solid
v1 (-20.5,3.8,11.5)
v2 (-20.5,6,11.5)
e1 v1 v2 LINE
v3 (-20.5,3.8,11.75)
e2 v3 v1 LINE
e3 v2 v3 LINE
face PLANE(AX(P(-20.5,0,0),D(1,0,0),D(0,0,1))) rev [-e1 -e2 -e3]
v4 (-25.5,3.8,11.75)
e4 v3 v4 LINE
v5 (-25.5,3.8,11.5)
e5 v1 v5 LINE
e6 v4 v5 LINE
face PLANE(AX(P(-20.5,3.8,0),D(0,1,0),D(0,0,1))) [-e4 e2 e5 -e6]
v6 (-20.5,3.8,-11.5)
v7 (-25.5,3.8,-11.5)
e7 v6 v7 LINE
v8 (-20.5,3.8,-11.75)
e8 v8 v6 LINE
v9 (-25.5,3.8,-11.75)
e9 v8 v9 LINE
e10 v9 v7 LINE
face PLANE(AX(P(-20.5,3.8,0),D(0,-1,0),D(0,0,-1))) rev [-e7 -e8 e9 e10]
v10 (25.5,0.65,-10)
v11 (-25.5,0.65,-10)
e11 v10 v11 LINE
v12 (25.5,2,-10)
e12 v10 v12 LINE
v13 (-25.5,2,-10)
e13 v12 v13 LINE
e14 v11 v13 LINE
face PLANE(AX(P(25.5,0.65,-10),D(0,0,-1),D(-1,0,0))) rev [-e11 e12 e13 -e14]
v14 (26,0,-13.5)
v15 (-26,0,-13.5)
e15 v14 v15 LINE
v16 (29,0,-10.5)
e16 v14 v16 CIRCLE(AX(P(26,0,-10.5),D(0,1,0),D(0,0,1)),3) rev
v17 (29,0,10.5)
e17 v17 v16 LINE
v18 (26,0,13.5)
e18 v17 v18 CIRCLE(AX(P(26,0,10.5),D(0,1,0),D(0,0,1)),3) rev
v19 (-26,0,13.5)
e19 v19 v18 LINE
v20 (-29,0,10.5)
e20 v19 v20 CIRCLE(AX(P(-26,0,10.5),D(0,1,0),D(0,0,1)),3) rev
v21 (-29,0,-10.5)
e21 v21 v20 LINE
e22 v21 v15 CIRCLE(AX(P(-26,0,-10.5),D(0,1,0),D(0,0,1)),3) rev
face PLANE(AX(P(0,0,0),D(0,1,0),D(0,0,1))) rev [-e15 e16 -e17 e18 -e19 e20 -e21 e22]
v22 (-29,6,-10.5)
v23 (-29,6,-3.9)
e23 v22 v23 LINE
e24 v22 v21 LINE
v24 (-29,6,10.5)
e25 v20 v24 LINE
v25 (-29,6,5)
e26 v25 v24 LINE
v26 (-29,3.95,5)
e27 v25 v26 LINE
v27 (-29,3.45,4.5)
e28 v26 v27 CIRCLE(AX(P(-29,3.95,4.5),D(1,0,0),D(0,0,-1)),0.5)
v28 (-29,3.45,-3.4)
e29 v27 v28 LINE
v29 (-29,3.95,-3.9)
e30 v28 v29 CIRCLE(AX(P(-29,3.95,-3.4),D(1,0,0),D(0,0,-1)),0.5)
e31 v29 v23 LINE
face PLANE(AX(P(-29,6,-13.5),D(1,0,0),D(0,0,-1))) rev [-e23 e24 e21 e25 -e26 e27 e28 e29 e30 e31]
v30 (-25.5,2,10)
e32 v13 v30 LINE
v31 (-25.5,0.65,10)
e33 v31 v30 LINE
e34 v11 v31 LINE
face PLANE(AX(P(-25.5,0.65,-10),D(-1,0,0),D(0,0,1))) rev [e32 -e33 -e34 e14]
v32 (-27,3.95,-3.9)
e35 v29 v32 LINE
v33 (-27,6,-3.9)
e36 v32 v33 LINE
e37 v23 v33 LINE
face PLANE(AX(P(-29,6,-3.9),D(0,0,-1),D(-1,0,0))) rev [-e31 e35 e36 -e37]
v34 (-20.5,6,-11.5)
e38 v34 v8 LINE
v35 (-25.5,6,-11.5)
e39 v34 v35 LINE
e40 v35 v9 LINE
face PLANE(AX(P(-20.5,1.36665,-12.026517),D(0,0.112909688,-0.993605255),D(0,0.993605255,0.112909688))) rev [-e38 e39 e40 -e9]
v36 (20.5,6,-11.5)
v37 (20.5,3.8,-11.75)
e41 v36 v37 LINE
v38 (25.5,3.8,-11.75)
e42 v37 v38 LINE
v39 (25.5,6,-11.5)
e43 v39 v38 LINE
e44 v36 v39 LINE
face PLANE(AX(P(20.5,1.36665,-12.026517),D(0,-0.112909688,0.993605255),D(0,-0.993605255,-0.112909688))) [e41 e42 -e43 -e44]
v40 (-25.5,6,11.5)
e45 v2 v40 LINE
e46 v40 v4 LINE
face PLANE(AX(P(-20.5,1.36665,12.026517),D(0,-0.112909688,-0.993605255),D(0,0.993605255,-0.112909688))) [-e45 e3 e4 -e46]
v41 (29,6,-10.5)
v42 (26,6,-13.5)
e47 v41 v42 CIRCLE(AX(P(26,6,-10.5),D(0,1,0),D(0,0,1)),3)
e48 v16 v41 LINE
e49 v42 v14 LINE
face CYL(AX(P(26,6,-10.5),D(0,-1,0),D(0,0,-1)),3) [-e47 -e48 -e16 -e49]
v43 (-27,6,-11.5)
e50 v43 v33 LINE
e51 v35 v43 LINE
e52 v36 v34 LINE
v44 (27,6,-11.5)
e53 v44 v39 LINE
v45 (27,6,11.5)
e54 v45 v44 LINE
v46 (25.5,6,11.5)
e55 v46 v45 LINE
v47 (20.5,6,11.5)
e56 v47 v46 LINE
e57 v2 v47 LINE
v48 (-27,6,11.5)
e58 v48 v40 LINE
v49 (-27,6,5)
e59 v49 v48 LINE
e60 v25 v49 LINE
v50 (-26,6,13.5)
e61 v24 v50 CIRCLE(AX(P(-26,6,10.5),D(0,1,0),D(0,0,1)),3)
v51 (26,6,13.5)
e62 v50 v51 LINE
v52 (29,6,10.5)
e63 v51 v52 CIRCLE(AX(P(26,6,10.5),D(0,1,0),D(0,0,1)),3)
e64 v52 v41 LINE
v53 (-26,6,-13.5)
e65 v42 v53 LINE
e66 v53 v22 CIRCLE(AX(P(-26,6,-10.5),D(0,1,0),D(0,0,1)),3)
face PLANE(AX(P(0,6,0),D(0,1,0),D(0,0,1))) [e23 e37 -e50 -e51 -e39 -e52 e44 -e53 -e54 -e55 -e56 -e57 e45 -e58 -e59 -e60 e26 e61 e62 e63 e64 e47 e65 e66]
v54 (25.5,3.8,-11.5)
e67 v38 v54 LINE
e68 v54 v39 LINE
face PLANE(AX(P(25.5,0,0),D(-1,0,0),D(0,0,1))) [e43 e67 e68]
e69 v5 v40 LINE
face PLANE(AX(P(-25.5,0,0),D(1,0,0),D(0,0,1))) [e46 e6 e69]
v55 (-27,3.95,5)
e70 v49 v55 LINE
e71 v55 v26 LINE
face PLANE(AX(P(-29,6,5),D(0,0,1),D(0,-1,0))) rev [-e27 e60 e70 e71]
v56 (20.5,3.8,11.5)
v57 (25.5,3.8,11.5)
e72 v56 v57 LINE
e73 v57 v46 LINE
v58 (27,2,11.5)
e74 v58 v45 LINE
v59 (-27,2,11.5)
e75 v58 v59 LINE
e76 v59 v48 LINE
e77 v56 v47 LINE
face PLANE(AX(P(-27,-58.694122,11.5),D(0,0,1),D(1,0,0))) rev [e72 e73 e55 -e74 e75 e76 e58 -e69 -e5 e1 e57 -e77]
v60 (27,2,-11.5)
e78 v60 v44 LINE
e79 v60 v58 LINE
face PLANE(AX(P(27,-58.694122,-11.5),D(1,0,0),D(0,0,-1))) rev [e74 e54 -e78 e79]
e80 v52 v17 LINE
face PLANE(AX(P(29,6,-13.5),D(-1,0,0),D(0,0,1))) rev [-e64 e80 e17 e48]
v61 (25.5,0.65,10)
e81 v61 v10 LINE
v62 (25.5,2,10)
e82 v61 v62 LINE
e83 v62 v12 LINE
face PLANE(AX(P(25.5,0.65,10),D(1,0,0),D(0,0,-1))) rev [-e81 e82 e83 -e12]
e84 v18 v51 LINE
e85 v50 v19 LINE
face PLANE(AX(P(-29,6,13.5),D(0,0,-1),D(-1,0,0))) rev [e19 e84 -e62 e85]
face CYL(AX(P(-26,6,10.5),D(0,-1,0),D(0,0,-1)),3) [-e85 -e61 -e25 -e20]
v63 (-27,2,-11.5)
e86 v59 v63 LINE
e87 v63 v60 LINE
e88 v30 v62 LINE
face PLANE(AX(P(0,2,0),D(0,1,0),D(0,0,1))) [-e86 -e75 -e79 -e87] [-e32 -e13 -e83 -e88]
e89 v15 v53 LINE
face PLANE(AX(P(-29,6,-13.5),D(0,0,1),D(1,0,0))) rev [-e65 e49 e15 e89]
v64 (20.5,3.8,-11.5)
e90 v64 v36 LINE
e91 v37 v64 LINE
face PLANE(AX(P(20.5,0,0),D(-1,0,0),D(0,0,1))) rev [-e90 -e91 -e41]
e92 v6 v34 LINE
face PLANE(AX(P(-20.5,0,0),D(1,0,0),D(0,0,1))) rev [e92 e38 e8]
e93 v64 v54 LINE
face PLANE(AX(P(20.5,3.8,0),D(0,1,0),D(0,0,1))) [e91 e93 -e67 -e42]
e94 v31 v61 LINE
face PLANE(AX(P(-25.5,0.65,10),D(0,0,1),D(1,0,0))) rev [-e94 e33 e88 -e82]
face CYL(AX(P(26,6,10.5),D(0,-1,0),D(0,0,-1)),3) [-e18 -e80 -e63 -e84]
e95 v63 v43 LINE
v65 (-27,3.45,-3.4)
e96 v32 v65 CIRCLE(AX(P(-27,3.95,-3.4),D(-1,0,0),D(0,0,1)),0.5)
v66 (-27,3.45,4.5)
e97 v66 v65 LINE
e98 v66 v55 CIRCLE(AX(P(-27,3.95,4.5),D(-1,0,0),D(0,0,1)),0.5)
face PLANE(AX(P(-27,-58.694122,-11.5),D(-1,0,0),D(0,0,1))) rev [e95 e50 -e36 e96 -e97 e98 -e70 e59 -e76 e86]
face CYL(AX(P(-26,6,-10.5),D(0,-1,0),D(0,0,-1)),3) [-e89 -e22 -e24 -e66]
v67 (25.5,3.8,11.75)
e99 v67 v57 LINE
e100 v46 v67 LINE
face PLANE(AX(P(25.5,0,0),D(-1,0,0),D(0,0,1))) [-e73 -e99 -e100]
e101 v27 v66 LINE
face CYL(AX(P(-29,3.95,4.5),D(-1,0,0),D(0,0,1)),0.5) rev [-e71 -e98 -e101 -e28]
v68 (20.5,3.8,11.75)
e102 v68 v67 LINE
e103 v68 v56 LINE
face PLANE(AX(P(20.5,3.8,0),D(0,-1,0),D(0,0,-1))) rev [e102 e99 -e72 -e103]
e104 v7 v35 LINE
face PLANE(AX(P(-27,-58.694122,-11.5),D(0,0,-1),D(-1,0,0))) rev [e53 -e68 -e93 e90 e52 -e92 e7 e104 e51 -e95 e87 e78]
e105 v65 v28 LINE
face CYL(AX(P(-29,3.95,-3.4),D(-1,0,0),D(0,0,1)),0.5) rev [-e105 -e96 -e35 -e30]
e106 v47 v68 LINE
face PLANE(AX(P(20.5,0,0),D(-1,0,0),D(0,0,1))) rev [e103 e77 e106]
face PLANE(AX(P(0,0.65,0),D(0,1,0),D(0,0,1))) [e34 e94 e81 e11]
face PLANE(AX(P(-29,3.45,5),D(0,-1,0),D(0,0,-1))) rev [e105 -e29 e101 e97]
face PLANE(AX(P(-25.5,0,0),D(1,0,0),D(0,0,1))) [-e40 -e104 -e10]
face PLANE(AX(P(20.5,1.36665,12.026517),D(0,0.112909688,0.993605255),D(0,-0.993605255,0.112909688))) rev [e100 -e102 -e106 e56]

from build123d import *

# Parameters (mm, degrees)
SKETCH1_W           = 58
SKETCH1_H           = 27
BOSS_EXTRUDE1_DEPTH = 6
SKETCH2_W           = 54
SKETCH2_H           = 23
CUT_EXTRUDE1_DEPTH  = 4
SKETCH3_W           = 8.9
SKETCH3_H           = 2.55
CUT_EXTRUDE2_DEPTH  = 58.915887285
FILLET1_R           = 0.5
FILLET2_R           = 3
SKETCH4_W           = 51
SKETCH4_H           = 20
CUT_EXTRUDE3_DEPTH  = 1.35
CUT_EXTRUDE5_DEPTH  = 5


with BuildPart() as part:
    # Sketch1 → Boss-Extrude1 (new body)
    with BuildSketch(Plane(origin=(0, 0, 0), x_dir=(1, 0, 0), z_dir=(0, 1, 0))):
        Rectangle(SKETCH1_W, SKETCH1_H)
    extrude(amount=BOSS_EXTRUDE1_DEPTH)

    # Sketch2 → Cut-Extrude1 (cut)
    with BuildSketch(Plane(origin=(0, 6, 0), x_dir=(1, 0, 0), z_dir=(0, 1, 0))):
        Rectangle(SKETCH2_W, SKETCH2_H)
    extrude(amount=-CUT_EXTRUDE1_DEPTH, mode=Mode.SUBTRACT)

    # Sketch3 → Cut-Extrude2 (cut, through all)
    with BuildSketch(Plane(origin=(-27, 0, 0), x_dir=(0, 0, -1), z_dir=(1, 0, 0))):
        with Locations((-0.55, 4.725)):
            Rectangle(SKETCH3_W, SKETCH3_H)
    extrude(amount=-CUT_EXTRUDE2_DEPTH, mode=Mode.SUBTRACT)

    # Fillet1
    fillet1_edges = [part.edges().sort_by_distance(p)[0] for p in [
        (-28, 3.45, 5),
        (-28, 3.45, -3.9),
    ]]
    fillet(fillet1_edges, radius=FILLET1_R)

    # Fillet2
    fillet2_edges = [part.edges().sort_by_distance(p)[0] for p in [
        (-29, 3, -13.5),
        (29, 3, -13.5),
        (29, 3, 13.5),
        (-29, 3, 13.5),
    ]]
    fillet(fillet2_edges, radius=FILLET2_R)

    # Sketch4 → Cut-Extrude3 (cut)
    with BuildSketch(Plane(origin=(0, 2, 0), x_dir=(1, 0, 0), z_dir=(0, 1, 0))):
        Rectangle(SKETCH4_W, SKETCH4_H)
    extrude(amount=-CUT_EXTRUDE3_DEPTH, mode=Mode.SUBTRACT)

    # Sketch6 → Cut-Extrude5 (cut)
    with BuildSketch(Plane.ZY.offset(-25.5)):
        Polygon((-11.75, 3.8), (-11.5, 3.8), (-11.5, 6), align=None)
        Polygon((11.5, 6), (11.5, 3.8), (11.75, 3.8), align=None)
    cut_extrude5 = extrude(amount=CUT_EXTRUDE5_DEPTH, mode=Mode.SUBTRACT)

    # Mirror1: Cut-Extrude5 across plane
    add(cut_extrude5.mirror(Plane(origin=(0, 0, 0), x_dir=(0, 0, 1), z_dir=(1, 0, 0))), mode=Mode.SUBTRACT)


solid = part.part
